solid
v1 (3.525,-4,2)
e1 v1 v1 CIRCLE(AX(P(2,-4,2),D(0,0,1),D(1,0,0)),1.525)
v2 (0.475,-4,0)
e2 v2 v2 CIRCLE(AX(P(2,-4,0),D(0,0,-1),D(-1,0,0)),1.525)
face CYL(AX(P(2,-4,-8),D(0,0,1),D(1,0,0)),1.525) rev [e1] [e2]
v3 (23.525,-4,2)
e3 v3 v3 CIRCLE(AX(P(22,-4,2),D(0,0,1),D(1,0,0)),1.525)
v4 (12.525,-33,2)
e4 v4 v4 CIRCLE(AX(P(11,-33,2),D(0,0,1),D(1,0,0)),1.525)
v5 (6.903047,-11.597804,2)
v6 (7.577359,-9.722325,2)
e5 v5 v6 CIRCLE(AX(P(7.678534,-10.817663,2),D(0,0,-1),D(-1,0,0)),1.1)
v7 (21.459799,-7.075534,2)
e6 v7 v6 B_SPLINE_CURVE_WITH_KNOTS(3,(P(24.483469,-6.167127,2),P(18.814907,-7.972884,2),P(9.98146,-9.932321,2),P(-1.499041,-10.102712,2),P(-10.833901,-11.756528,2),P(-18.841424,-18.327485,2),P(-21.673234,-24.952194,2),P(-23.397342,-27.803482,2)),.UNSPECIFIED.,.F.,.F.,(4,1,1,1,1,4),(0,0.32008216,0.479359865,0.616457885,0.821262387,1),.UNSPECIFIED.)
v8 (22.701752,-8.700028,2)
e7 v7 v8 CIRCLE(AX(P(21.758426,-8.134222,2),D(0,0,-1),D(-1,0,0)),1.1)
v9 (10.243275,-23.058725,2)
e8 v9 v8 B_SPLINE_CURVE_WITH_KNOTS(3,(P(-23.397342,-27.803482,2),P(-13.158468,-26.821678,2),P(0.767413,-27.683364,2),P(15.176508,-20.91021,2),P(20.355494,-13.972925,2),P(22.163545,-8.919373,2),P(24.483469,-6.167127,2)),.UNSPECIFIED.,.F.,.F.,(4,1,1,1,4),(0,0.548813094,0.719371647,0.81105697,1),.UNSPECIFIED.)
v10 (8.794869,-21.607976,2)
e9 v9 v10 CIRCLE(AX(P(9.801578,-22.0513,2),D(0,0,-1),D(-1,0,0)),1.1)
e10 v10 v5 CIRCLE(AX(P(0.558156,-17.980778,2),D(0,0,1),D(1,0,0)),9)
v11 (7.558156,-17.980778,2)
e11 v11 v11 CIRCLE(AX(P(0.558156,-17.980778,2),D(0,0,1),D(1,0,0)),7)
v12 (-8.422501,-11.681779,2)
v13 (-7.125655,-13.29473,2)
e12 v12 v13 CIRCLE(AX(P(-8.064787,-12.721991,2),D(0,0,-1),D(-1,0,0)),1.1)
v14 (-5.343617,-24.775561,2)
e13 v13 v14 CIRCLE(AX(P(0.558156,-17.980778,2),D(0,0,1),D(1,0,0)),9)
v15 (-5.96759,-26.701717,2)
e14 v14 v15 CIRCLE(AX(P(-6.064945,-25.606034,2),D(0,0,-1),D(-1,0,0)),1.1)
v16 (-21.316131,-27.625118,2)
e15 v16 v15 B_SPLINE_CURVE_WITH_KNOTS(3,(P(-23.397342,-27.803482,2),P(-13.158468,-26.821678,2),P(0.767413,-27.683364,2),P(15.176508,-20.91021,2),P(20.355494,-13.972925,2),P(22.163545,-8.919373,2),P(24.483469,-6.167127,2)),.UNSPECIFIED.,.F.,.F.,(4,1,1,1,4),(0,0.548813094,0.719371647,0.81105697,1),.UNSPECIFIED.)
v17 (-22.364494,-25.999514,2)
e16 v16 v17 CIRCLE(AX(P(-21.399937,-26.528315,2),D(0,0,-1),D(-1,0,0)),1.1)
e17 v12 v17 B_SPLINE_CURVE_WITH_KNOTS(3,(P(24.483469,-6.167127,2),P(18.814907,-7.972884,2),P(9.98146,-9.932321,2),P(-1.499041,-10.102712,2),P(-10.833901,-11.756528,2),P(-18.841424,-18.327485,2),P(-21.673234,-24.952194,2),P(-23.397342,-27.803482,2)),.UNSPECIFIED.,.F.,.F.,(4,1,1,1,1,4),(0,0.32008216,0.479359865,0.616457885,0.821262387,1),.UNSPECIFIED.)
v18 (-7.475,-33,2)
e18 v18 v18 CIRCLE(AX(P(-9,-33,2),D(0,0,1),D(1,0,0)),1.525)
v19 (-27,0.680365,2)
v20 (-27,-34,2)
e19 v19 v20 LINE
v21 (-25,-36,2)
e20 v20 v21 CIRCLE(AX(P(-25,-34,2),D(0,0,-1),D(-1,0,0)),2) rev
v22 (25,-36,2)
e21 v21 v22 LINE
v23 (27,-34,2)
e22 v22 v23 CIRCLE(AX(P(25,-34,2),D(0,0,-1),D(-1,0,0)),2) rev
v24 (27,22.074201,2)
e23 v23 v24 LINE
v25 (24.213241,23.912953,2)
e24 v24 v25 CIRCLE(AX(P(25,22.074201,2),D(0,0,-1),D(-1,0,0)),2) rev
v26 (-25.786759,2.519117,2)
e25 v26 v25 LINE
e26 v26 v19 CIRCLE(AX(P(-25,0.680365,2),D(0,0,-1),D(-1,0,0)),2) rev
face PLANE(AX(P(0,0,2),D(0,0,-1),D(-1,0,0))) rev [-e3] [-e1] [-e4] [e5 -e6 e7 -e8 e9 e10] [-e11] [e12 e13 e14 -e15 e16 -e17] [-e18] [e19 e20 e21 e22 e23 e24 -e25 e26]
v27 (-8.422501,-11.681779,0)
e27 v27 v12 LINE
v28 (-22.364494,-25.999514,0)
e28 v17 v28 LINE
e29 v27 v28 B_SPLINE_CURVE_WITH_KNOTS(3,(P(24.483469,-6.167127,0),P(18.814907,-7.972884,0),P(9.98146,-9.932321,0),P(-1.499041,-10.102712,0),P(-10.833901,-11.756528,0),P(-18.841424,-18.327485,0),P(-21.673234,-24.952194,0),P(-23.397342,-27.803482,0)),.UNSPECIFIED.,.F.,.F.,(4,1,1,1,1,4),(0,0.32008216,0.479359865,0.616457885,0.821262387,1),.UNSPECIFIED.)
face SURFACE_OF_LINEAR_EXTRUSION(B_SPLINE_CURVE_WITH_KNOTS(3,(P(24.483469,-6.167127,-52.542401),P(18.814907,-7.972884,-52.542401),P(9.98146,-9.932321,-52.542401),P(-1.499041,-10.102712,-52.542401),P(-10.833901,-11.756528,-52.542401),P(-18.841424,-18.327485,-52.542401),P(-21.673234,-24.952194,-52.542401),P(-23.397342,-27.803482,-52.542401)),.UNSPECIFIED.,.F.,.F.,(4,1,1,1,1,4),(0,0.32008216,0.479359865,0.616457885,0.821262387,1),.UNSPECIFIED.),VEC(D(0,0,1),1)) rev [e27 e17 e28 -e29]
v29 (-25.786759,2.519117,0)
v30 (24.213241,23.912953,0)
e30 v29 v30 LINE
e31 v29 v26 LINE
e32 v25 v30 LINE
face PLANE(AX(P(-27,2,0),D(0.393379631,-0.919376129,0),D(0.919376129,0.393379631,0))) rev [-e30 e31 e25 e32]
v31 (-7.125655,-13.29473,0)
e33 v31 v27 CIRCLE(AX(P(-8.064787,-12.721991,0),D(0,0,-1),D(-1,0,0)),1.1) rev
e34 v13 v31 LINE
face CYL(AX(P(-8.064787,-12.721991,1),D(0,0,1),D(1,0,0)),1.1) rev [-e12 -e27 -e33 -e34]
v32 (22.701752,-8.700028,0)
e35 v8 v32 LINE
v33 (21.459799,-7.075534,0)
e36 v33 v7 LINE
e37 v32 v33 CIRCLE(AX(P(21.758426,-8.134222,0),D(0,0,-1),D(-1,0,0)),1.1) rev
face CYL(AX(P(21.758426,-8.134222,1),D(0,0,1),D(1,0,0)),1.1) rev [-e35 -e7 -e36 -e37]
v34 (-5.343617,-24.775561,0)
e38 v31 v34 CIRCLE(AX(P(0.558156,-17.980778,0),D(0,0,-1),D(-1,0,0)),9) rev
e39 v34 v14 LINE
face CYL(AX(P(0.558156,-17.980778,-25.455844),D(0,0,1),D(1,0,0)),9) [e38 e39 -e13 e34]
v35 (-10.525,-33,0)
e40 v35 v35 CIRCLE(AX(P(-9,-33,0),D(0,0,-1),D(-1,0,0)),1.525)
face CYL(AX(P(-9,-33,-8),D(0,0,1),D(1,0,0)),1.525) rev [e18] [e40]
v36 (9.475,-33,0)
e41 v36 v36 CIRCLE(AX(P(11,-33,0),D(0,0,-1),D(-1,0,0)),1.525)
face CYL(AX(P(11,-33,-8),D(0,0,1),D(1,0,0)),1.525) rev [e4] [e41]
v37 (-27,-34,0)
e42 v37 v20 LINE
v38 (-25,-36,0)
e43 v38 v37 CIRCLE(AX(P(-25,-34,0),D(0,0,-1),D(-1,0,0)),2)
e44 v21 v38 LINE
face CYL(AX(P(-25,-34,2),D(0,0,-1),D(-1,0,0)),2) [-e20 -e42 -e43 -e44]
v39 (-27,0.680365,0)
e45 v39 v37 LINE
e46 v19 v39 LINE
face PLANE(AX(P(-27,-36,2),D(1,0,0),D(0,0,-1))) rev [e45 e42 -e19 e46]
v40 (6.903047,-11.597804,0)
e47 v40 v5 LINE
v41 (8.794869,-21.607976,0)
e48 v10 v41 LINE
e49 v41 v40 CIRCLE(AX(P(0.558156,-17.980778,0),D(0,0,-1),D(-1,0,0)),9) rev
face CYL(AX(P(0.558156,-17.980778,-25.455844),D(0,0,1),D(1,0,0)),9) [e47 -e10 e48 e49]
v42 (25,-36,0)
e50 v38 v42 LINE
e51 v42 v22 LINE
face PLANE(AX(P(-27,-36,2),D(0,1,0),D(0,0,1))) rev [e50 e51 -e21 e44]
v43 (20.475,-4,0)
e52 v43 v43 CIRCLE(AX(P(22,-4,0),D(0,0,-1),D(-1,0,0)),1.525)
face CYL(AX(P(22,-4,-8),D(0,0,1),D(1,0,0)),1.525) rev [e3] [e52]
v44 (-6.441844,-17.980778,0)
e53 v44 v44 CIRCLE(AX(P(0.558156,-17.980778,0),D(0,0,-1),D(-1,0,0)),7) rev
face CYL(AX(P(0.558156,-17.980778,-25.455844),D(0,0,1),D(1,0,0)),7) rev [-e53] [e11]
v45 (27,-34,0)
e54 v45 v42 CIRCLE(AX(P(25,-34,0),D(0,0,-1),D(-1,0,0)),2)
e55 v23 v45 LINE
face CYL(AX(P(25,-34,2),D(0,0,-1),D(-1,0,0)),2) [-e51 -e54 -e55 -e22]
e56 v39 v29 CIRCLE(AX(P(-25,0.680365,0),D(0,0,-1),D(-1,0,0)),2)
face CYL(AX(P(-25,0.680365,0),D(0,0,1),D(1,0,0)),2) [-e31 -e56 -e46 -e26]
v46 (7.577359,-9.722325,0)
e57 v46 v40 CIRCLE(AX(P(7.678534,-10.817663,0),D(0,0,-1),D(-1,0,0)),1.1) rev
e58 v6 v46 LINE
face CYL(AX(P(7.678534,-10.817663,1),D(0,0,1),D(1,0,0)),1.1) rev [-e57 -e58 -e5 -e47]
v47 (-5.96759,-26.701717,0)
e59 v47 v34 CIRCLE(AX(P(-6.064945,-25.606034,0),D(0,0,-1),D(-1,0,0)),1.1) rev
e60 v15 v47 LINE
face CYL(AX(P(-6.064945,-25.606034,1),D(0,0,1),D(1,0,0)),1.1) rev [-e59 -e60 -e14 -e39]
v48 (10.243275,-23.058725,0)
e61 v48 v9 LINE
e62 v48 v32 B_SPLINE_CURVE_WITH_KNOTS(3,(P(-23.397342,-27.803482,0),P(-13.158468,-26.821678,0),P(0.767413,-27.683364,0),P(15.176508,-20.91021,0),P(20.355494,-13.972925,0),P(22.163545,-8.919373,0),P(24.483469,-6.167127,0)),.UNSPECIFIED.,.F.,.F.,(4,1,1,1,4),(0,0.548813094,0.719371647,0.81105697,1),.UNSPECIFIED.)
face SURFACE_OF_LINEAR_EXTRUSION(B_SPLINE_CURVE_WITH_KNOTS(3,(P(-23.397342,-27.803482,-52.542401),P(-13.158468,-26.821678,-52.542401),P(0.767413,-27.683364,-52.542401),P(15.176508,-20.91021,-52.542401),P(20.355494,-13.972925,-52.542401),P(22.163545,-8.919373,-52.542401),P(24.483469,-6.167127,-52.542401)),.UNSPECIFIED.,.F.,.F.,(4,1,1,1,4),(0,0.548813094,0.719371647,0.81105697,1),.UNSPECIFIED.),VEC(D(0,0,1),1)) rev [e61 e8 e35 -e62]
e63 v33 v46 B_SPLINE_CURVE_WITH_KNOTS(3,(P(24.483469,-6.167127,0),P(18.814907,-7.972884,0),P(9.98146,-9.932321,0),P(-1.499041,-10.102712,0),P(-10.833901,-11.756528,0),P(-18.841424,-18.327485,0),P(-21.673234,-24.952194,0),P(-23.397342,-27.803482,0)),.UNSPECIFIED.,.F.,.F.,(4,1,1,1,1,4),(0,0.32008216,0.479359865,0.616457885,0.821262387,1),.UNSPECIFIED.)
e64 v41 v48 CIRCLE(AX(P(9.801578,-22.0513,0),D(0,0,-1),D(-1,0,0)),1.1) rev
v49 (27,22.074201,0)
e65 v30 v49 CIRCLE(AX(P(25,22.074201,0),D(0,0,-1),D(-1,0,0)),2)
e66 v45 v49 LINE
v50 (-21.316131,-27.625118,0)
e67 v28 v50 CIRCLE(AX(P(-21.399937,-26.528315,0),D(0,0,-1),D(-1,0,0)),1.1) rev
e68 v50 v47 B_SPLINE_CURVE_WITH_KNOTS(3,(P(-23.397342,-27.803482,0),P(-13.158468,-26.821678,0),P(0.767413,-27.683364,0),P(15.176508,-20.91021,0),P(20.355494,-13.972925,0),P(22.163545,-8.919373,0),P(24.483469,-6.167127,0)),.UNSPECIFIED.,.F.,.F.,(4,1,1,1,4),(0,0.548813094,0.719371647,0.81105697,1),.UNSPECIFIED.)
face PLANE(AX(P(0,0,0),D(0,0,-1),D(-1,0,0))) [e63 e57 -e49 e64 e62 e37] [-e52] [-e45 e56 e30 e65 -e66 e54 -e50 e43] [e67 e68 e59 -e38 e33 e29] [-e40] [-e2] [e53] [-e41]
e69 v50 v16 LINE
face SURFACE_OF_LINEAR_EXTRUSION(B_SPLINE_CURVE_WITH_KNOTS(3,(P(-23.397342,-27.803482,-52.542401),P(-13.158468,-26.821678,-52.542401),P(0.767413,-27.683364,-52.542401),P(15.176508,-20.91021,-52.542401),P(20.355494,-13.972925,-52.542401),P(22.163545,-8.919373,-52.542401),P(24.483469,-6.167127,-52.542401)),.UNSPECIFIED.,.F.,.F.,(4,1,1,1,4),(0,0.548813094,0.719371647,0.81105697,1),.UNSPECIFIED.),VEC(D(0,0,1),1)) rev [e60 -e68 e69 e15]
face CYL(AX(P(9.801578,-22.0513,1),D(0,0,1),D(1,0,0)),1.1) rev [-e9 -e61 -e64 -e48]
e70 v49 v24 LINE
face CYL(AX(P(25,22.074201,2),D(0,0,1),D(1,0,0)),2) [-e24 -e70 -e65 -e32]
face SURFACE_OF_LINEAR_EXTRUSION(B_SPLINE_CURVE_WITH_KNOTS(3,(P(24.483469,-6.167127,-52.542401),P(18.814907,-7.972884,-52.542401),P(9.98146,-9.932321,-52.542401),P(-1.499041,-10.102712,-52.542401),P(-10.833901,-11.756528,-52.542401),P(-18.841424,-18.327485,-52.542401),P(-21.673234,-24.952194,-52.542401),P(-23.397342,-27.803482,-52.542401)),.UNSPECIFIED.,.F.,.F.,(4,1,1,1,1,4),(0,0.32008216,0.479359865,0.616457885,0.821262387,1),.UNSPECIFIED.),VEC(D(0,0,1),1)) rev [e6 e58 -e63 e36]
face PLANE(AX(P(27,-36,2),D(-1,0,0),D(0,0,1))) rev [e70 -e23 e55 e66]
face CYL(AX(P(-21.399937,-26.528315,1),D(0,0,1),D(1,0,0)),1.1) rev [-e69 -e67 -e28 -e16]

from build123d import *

# Parameters (mm, degrees)
SKETCH_1_W          = 54
SKETCH_1_H          = 72
EXTRUDE_1_DEPTH     = 2
CUT_EXTRUDE_1_DEPTH = 2
SKETCH_4_R          = 1.525
CUT_EXTRUDE_2_DEPTH = 10
CUT_EXTRUDE_3_DEPTH = 2
SKETCH_6_R          = 9
SKETCH_6_R_2        = 7
EXTRUDE_2_DEPTH     = 2
FILLET_1_R          = 1.1
FILLET_2_R          = 2


with BuildPart() as part:
    # 草图1 → 凸台-拉伸1 (new body)
    with BuildSketch(Plane.XY):
        Rectangle(SKETCH_1_W, SKETCH_1_H)
    extrude(amount=EXTRUDE_1_DEPTH)

    # 草图2 → 切除-拉伸1 (cut)
    with BuildSketch(Plane.XY.offset(2)):
        Polygon((-27, 2), (27, 25.105342179), (27, 36), (-27, 36), align=None)
    extrude(amount=-CUT_EXTRUDE_1_DEPTH, mode=Mode.SUBTRACT)

    # 草图4 → 切除-拉伸2 (cut)
    with BuildSketch(Plane.XY.offset(2)):
        with Locations((-9, -33)):
            Circle(SKETCH_4_R)
        with Locations((11, -33)):
            Circle(SKETCH_4_R)
        with Locations((2, -4)):
            Circle(SKETCH_4_R)
        with Locations((22, -4)):
            Circle(SKETCH_4_R)
    extrude(amount=-CUT_EXTRUDE_2_DEPTH, mode=Mode.SUBTRACT)

    # 草图5 → 切除-拉伸3 (cut)
    with BuildSketch(Plane.XY.offset(2)):
        with BuildLine():
            add(Edge.make_bspline(
                [(-23.397341502, -27.80348221), (-21.673234043, -24.952193686), (-18.841423513, -18.327485381), (-10.833901378, -11.756527748), (-1.499041268, -10.102711826), (9.981460044, -9.932321008), (18.81490672, -7.97288353), (24.483468669, -6.167126568)],
                knots=[0, 0, 0, 0, 0.178737613, 0.383542115, 0.520640135, 0.67991784, 1, 1, 1, 1], degree=3))
            add(Edge.make_bspline(
                [(-23.397341502, -27.80348221), (-13.158468218, -26.821678375), (0.76741254, -27.683363702), (15.176508339, -20.910209598), (20.355493831, -13.972924669), (22.163544803, -8.919372749), (24.483468669, -6.167126568)],
                knots=[0, 0, 0, 0, 0.548813094, 0.719371647, 0.81105697, 1, 1, 1, 1], degree=3))
        make_face()
    extrude(amount=-CUT_EXTRUDE_3_DEPTH, mode=Mode.SUBTRACT)

    # 草图6 → 凸台-拉伸2 (add)
    with BuildSketch(Plane.XY.offset(2)):
        with Locations((0.558156392, -17.980778356)):
            Circle(SKETCH_6_R)
        with Locations((0.558156392, -17.980778356)):
            Circle(SKETCH_6_R_2, mode=Mode.SUBTRACT)
    extrude(amount=-EXTRUDE_2_DEPTH)

    # 圆角1
    fillet_1_edges = [part.edges().sort_by_distance(p)[0] for p in [
        (6.982938033, -24.283331876, 1),
        (-2.733607094, -26.357191261, 1),
        (-23.397341502, -27.80348221, 1),
        (24.483468669, -6.167126568, 1),
        (-4.823851044, -10.767318995, 1),
        (4.597302123, -9.938061044, 1),
    ]]
    fillet(fillet_1_edges, radius=FILLET_1_R)

    # 圆角2
    fillet_2_edges = [part.edges().sort_by_distance(p)[0] for p in [
        (-27, 2, 1),
        (27, 25.105342179, 1),
        (27, -36, 1),
        (-27, -36, 1),
    ]]
    fillet(fillet_2_edges, radius=FILLET_2_R)


solid = part.part
